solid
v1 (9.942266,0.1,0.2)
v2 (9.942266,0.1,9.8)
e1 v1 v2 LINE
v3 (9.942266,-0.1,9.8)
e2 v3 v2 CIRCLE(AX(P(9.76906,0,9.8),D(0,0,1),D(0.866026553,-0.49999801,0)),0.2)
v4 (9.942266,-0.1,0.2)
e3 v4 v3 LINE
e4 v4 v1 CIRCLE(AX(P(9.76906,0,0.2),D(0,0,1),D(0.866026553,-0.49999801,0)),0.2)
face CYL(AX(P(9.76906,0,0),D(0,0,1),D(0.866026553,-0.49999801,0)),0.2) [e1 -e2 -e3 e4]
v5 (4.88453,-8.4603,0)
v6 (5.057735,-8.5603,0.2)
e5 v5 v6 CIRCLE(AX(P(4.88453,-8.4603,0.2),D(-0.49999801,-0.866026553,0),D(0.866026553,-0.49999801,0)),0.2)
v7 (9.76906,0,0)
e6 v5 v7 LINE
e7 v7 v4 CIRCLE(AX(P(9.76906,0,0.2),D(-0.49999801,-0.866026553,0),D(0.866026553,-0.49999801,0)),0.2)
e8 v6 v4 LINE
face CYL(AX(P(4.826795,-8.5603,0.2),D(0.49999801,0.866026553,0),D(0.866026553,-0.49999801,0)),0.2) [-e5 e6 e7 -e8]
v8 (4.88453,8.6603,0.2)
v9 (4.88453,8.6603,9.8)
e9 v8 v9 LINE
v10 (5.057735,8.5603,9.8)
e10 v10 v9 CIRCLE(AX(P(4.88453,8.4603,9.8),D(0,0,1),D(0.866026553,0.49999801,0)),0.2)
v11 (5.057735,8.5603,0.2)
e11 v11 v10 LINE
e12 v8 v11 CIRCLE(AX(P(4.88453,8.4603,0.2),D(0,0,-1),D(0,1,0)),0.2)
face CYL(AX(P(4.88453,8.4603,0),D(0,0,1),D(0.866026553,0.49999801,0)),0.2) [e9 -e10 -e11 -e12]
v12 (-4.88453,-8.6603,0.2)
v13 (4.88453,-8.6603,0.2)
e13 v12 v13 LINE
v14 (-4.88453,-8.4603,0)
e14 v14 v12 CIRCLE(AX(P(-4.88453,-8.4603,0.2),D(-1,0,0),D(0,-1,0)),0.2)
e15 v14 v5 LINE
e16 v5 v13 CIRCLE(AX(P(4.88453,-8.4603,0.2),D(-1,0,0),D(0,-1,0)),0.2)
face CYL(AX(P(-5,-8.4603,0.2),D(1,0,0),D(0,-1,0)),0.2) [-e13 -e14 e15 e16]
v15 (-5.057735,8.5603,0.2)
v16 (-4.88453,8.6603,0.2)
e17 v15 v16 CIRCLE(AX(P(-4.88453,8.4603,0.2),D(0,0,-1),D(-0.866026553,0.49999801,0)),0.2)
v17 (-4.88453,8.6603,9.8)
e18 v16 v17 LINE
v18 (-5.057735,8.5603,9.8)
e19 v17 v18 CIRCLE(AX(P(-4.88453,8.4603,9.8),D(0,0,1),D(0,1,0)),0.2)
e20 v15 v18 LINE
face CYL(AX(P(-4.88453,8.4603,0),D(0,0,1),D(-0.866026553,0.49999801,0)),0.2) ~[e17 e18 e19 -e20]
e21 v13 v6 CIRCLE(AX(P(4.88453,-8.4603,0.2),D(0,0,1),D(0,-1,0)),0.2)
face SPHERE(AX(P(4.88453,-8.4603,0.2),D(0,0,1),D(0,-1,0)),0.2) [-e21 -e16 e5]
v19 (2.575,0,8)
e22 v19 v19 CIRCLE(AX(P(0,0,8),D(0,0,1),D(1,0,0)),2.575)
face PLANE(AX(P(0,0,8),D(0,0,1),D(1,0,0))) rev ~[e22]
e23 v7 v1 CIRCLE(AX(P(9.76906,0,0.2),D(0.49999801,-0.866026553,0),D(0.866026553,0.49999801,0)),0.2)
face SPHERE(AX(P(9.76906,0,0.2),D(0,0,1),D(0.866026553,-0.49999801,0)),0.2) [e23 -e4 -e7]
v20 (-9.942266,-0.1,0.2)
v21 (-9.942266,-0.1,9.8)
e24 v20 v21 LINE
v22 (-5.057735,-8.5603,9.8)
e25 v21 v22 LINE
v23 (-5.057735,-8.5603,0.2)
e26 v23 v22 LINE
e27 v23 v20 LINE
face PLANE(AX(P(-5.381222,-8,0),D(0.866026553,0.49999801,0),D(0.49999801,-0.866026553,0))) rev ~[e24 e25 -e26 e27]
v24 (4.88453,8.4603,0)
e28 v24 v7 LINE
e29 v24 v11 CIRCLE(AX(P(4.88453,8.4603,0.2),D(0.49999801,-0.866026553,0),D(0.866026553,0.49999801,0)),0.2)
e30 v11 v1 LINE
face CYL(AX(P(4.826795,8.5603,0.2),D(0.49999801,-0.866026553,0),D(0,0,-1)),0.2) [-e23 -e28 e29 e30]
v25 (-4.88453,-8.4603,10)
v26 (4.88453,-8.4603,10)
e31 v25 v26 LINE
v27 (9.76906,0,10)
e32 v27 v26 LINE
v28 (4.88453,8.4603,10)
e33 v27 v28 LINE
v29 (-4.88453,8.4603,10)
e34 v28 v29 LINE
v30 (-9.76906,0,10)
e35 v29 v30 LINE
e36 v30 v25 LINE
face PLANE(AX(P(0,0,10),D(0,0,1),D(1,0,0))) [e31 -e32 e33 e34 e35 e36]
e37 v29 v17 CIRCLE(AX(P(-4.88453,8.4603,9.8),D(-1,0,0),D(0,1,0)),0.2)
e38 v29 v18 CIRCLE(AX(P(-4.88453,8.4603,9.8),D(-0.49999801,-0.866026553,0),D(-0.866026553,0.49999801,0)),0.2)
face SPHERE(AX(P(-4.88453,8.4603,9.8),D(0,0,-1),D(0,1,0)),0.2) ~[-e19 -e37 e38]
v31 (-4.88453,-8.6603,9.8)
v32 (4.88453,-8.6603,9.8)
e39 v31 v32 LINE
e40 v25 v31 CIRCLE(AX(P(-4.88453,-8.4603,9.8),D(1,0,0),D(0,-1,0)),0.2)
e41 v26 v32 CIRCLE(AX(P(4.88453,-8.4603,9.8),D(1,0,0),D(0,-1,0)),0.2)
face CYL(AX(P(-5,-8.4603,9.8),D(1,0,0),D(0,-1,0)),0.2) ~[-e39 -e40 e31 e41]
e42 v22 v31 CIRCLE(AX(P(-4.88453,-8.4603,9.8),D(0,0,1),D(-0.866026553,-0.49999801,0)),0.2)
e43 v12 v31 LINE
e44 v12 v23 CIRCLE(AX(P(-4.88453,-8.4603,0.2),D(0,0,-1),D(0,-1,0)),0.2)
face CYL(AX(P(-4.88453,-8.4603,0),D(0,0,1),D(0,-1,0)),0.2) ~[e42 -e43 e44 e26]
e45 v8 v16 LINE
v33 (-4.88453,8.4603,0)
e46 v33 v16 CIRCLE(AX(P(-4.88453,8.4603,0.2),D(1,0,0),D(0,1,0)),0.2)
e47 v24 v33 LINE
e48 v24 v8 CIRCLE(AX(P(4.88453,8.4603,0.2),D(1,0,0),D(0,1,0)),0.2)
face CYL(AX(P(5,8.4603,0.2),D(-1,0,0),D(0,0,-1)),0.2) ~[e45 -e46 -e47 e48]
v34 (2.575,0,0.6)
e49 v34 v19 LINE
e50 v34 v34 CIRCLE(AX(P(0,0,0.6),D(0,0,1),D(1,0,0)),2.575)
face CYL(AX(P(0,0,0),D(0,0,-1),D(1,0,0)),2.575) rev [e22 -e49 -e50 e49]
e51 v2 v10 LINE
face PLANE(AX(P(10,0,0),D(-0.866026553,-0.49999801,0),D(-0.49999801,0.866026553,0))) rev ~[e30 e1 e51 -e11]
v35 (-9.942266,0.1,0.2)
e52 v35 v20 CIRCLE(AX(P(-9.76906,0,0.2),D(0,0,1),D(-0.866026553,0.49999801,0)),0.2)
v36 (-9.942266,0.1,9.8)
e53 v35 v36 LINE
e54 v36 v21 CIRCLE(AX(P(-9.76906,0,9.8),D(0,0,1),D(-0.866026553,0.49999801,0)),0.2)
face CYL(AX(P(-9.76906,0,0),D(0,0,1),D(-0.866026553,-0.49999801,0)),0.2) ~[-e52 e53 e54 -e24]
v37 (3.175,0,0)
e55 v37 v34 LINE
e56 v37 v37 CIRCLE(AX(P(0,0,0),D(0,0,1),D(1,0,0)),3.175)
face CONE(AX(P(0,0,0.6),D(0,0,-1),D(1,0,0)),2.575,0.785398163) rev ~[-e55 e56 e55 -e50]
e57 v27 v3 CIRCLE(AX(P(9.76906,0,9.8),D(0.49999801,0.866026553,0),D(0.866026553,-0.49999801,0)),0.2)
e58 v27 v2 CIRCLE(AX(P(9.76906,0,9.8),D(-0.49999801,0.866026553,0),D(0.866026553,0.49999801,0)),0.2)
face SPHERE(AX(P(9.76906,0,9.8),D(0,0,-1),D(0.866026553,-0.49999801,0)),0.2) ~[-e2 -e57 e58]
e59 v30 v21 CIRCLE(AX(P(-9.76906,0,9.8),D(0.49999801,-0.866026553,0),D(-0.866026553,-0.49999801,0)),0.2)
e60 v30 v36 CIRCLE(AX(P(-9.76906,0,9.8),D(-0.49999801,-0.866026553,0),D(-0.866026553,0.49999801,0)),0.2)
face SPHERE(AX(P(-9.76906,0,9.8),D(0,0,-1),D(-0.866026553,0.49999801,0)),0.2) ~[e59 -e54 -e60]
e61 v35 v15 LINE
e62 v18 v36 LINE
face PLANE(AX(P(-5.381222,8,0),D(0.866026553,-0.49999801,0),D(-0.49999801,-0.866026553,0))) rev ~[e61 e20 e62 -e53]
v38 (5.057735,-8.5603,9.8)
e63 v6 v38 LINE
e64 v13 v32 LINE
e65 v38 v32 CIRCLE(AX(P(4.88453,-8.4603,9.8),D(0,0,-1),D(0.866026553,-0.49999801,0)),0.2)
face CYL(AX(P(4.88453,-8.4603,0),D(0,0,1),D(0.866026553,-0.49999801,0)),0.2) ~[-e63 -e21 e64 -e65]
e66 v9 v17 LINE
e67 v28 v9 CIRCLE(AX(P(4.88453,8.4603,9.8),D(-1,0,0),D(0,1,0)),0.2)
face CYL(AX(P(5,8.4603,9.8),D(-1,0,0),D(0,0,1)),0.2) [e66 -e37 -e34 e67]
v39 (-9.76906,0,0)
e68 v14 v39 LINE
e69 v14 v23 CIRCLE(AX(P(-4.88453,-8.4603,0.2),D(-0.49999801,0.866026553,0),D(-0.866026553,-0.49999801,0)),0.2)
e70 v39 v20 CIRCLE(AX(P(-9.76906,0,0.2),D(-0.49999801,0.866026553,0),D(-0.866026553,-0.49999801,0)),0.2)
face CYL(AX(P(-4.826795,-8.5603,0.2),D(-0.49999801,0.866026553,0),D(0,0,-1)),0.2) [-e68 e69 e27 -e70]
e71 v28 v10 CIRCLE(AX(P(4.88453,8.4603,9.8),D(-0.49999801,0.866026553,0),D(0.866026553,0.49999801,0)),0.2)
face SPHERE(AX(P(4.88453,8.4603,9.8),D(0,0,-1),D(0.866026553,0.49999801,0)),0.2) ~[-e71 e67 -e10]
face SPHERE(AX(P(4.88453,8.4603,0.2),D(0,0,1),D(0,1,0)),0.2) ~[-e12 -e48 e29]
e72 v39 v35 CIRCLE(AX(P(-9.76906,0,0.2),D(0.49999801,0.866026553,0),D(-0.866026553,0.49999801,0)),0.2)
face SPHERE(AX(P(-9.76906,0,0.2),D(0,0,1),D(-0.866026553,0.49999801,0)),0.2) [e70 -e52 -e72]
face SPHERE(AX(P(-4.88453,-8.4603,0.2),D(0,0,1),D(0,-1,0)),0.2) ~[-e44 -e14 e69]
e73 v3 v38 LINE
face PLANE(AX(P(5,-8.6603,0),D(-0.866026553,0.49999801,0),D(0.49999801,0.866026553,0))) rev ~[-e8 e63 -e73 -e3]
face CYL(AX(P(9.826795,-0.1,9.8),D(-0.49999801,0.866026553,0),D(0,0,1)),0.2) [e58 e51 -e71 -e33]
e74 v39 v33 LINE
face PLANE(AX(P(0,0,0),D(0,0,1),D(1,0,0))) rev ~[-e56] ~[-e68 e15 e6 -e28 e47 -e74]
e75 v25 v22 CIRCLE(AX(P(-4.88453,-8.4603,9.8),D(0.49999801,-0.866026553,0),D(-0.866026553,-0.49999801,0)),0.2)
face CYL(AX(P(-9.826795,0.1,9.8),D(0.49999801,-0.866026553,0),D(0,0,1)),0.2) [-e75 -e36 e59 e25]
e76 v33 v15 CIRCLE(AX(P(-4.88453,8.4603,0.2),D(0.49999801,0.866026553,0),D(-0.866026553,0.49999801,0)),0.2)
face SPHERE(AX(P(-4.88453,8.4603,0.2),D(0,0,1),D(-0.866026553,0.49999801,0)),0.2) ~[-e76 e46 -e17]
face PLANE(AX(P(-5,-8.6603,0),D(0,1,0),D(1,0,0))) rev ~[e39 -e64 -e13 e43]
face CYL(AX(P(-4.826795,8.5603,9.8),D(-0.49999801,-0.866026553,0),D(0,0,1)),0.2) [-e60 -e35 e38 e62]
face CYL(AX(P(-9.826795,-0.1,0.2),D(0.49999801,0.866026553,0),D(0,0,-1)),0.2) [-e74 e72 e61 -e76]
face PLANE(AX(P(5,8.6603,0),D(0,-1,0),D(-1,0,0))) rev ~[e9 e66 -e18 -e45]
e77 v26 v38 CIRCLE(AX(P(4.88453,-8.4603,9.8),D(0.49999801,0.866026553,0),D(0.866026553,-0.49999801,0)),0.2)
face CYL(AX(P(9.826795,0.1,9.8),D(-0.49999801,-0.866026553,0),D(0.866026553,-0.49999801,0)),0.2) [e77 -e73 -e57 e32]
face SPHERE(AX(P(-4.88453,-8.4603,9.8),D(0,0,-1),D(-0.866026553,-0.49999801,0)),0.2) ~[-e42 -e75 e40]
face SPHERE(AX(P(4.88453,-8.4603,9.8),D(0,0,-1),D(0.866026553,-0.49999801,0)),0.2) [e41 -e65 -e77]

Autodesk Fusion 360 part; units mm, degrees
sketch "Sketch1" plane through (0, 0, 0) normal (0, 0, 1) x (1, 0, 0)
  line L0 (8, -8) -> (-8, -8)
  line L1 (-8, -8) -> (-8, 8)
  line L2 (-8, 8) -> (8, 8)
  line L3 (8, 8) -> (8, -8)
  line L4 (8, -8) -> (-8, 8) construction
  line L5 (-8, -8) -> (8, 8) construction
  circle A0 centre (0, 0) radius 2.575
  circle A1 centre (0, 0) radius 3.05
  line L6 (10, 0) -> (5, 8.6603)
  line L7 (5, 8.6603) -> (-5, 8.6603)
  line L8 (-5, 8.6603) -> (-10, 0)
  line L9 (-10, 0) -> (-5, -8.6603)
  line L10 (-5, -8.6603) -> (5, -8.6603)
  line L11 (5, -8.6603) -> (10, 0)
  dimension "d1" = 16
  dimension "d2" = 16
  dimension "d20" = 5.15
  dimension "d23" = 6.1
  dimension "d28" = 10
extrude "Extrude1" add sketch "Sketch1" along normal blind 10 contours L0 L9 L10 L11 | L0 L1 L2 L3 L6 L8 L9 L11 | L3 L6 L11 | L1 L8 L9 | L2 L6 L7 L8 | A0 | A1
fillet "Fillet1" radius 0.2 15 faces at (-2.6667, -1.1547, 10) (-1.6667, -8.6603, 3.3333) (5.1271, -8.4402, 3.3333) (6.2541, -6.488, 3.3333) (8.6667, -2.3094, 3.3333) (-9.3333, -1.1547, 3.3333) (-7.1271, -4.9761, 6.6667) (-5.2541, -8.2201, 3.3333) (-5.1271, 8.4402, 3.3333) (-6.2541, 6.488, 3.3333) (-8.6667, 2.3094, 3.3333) (1.6667, 8.6603, 3.3333) (9.3333, 1.1547, 3.3333) (7.1271, 4.9761, 3.3333) (5.2541, 8.2201, 3.3333)
extrude "Extrude5" cut sketch "Sketch1" along normal blind 8 contours A0
chamfer "Chamfer3" distance 0.6 angle 45 1 edges at (-2.4007, -0.9312, 0)
